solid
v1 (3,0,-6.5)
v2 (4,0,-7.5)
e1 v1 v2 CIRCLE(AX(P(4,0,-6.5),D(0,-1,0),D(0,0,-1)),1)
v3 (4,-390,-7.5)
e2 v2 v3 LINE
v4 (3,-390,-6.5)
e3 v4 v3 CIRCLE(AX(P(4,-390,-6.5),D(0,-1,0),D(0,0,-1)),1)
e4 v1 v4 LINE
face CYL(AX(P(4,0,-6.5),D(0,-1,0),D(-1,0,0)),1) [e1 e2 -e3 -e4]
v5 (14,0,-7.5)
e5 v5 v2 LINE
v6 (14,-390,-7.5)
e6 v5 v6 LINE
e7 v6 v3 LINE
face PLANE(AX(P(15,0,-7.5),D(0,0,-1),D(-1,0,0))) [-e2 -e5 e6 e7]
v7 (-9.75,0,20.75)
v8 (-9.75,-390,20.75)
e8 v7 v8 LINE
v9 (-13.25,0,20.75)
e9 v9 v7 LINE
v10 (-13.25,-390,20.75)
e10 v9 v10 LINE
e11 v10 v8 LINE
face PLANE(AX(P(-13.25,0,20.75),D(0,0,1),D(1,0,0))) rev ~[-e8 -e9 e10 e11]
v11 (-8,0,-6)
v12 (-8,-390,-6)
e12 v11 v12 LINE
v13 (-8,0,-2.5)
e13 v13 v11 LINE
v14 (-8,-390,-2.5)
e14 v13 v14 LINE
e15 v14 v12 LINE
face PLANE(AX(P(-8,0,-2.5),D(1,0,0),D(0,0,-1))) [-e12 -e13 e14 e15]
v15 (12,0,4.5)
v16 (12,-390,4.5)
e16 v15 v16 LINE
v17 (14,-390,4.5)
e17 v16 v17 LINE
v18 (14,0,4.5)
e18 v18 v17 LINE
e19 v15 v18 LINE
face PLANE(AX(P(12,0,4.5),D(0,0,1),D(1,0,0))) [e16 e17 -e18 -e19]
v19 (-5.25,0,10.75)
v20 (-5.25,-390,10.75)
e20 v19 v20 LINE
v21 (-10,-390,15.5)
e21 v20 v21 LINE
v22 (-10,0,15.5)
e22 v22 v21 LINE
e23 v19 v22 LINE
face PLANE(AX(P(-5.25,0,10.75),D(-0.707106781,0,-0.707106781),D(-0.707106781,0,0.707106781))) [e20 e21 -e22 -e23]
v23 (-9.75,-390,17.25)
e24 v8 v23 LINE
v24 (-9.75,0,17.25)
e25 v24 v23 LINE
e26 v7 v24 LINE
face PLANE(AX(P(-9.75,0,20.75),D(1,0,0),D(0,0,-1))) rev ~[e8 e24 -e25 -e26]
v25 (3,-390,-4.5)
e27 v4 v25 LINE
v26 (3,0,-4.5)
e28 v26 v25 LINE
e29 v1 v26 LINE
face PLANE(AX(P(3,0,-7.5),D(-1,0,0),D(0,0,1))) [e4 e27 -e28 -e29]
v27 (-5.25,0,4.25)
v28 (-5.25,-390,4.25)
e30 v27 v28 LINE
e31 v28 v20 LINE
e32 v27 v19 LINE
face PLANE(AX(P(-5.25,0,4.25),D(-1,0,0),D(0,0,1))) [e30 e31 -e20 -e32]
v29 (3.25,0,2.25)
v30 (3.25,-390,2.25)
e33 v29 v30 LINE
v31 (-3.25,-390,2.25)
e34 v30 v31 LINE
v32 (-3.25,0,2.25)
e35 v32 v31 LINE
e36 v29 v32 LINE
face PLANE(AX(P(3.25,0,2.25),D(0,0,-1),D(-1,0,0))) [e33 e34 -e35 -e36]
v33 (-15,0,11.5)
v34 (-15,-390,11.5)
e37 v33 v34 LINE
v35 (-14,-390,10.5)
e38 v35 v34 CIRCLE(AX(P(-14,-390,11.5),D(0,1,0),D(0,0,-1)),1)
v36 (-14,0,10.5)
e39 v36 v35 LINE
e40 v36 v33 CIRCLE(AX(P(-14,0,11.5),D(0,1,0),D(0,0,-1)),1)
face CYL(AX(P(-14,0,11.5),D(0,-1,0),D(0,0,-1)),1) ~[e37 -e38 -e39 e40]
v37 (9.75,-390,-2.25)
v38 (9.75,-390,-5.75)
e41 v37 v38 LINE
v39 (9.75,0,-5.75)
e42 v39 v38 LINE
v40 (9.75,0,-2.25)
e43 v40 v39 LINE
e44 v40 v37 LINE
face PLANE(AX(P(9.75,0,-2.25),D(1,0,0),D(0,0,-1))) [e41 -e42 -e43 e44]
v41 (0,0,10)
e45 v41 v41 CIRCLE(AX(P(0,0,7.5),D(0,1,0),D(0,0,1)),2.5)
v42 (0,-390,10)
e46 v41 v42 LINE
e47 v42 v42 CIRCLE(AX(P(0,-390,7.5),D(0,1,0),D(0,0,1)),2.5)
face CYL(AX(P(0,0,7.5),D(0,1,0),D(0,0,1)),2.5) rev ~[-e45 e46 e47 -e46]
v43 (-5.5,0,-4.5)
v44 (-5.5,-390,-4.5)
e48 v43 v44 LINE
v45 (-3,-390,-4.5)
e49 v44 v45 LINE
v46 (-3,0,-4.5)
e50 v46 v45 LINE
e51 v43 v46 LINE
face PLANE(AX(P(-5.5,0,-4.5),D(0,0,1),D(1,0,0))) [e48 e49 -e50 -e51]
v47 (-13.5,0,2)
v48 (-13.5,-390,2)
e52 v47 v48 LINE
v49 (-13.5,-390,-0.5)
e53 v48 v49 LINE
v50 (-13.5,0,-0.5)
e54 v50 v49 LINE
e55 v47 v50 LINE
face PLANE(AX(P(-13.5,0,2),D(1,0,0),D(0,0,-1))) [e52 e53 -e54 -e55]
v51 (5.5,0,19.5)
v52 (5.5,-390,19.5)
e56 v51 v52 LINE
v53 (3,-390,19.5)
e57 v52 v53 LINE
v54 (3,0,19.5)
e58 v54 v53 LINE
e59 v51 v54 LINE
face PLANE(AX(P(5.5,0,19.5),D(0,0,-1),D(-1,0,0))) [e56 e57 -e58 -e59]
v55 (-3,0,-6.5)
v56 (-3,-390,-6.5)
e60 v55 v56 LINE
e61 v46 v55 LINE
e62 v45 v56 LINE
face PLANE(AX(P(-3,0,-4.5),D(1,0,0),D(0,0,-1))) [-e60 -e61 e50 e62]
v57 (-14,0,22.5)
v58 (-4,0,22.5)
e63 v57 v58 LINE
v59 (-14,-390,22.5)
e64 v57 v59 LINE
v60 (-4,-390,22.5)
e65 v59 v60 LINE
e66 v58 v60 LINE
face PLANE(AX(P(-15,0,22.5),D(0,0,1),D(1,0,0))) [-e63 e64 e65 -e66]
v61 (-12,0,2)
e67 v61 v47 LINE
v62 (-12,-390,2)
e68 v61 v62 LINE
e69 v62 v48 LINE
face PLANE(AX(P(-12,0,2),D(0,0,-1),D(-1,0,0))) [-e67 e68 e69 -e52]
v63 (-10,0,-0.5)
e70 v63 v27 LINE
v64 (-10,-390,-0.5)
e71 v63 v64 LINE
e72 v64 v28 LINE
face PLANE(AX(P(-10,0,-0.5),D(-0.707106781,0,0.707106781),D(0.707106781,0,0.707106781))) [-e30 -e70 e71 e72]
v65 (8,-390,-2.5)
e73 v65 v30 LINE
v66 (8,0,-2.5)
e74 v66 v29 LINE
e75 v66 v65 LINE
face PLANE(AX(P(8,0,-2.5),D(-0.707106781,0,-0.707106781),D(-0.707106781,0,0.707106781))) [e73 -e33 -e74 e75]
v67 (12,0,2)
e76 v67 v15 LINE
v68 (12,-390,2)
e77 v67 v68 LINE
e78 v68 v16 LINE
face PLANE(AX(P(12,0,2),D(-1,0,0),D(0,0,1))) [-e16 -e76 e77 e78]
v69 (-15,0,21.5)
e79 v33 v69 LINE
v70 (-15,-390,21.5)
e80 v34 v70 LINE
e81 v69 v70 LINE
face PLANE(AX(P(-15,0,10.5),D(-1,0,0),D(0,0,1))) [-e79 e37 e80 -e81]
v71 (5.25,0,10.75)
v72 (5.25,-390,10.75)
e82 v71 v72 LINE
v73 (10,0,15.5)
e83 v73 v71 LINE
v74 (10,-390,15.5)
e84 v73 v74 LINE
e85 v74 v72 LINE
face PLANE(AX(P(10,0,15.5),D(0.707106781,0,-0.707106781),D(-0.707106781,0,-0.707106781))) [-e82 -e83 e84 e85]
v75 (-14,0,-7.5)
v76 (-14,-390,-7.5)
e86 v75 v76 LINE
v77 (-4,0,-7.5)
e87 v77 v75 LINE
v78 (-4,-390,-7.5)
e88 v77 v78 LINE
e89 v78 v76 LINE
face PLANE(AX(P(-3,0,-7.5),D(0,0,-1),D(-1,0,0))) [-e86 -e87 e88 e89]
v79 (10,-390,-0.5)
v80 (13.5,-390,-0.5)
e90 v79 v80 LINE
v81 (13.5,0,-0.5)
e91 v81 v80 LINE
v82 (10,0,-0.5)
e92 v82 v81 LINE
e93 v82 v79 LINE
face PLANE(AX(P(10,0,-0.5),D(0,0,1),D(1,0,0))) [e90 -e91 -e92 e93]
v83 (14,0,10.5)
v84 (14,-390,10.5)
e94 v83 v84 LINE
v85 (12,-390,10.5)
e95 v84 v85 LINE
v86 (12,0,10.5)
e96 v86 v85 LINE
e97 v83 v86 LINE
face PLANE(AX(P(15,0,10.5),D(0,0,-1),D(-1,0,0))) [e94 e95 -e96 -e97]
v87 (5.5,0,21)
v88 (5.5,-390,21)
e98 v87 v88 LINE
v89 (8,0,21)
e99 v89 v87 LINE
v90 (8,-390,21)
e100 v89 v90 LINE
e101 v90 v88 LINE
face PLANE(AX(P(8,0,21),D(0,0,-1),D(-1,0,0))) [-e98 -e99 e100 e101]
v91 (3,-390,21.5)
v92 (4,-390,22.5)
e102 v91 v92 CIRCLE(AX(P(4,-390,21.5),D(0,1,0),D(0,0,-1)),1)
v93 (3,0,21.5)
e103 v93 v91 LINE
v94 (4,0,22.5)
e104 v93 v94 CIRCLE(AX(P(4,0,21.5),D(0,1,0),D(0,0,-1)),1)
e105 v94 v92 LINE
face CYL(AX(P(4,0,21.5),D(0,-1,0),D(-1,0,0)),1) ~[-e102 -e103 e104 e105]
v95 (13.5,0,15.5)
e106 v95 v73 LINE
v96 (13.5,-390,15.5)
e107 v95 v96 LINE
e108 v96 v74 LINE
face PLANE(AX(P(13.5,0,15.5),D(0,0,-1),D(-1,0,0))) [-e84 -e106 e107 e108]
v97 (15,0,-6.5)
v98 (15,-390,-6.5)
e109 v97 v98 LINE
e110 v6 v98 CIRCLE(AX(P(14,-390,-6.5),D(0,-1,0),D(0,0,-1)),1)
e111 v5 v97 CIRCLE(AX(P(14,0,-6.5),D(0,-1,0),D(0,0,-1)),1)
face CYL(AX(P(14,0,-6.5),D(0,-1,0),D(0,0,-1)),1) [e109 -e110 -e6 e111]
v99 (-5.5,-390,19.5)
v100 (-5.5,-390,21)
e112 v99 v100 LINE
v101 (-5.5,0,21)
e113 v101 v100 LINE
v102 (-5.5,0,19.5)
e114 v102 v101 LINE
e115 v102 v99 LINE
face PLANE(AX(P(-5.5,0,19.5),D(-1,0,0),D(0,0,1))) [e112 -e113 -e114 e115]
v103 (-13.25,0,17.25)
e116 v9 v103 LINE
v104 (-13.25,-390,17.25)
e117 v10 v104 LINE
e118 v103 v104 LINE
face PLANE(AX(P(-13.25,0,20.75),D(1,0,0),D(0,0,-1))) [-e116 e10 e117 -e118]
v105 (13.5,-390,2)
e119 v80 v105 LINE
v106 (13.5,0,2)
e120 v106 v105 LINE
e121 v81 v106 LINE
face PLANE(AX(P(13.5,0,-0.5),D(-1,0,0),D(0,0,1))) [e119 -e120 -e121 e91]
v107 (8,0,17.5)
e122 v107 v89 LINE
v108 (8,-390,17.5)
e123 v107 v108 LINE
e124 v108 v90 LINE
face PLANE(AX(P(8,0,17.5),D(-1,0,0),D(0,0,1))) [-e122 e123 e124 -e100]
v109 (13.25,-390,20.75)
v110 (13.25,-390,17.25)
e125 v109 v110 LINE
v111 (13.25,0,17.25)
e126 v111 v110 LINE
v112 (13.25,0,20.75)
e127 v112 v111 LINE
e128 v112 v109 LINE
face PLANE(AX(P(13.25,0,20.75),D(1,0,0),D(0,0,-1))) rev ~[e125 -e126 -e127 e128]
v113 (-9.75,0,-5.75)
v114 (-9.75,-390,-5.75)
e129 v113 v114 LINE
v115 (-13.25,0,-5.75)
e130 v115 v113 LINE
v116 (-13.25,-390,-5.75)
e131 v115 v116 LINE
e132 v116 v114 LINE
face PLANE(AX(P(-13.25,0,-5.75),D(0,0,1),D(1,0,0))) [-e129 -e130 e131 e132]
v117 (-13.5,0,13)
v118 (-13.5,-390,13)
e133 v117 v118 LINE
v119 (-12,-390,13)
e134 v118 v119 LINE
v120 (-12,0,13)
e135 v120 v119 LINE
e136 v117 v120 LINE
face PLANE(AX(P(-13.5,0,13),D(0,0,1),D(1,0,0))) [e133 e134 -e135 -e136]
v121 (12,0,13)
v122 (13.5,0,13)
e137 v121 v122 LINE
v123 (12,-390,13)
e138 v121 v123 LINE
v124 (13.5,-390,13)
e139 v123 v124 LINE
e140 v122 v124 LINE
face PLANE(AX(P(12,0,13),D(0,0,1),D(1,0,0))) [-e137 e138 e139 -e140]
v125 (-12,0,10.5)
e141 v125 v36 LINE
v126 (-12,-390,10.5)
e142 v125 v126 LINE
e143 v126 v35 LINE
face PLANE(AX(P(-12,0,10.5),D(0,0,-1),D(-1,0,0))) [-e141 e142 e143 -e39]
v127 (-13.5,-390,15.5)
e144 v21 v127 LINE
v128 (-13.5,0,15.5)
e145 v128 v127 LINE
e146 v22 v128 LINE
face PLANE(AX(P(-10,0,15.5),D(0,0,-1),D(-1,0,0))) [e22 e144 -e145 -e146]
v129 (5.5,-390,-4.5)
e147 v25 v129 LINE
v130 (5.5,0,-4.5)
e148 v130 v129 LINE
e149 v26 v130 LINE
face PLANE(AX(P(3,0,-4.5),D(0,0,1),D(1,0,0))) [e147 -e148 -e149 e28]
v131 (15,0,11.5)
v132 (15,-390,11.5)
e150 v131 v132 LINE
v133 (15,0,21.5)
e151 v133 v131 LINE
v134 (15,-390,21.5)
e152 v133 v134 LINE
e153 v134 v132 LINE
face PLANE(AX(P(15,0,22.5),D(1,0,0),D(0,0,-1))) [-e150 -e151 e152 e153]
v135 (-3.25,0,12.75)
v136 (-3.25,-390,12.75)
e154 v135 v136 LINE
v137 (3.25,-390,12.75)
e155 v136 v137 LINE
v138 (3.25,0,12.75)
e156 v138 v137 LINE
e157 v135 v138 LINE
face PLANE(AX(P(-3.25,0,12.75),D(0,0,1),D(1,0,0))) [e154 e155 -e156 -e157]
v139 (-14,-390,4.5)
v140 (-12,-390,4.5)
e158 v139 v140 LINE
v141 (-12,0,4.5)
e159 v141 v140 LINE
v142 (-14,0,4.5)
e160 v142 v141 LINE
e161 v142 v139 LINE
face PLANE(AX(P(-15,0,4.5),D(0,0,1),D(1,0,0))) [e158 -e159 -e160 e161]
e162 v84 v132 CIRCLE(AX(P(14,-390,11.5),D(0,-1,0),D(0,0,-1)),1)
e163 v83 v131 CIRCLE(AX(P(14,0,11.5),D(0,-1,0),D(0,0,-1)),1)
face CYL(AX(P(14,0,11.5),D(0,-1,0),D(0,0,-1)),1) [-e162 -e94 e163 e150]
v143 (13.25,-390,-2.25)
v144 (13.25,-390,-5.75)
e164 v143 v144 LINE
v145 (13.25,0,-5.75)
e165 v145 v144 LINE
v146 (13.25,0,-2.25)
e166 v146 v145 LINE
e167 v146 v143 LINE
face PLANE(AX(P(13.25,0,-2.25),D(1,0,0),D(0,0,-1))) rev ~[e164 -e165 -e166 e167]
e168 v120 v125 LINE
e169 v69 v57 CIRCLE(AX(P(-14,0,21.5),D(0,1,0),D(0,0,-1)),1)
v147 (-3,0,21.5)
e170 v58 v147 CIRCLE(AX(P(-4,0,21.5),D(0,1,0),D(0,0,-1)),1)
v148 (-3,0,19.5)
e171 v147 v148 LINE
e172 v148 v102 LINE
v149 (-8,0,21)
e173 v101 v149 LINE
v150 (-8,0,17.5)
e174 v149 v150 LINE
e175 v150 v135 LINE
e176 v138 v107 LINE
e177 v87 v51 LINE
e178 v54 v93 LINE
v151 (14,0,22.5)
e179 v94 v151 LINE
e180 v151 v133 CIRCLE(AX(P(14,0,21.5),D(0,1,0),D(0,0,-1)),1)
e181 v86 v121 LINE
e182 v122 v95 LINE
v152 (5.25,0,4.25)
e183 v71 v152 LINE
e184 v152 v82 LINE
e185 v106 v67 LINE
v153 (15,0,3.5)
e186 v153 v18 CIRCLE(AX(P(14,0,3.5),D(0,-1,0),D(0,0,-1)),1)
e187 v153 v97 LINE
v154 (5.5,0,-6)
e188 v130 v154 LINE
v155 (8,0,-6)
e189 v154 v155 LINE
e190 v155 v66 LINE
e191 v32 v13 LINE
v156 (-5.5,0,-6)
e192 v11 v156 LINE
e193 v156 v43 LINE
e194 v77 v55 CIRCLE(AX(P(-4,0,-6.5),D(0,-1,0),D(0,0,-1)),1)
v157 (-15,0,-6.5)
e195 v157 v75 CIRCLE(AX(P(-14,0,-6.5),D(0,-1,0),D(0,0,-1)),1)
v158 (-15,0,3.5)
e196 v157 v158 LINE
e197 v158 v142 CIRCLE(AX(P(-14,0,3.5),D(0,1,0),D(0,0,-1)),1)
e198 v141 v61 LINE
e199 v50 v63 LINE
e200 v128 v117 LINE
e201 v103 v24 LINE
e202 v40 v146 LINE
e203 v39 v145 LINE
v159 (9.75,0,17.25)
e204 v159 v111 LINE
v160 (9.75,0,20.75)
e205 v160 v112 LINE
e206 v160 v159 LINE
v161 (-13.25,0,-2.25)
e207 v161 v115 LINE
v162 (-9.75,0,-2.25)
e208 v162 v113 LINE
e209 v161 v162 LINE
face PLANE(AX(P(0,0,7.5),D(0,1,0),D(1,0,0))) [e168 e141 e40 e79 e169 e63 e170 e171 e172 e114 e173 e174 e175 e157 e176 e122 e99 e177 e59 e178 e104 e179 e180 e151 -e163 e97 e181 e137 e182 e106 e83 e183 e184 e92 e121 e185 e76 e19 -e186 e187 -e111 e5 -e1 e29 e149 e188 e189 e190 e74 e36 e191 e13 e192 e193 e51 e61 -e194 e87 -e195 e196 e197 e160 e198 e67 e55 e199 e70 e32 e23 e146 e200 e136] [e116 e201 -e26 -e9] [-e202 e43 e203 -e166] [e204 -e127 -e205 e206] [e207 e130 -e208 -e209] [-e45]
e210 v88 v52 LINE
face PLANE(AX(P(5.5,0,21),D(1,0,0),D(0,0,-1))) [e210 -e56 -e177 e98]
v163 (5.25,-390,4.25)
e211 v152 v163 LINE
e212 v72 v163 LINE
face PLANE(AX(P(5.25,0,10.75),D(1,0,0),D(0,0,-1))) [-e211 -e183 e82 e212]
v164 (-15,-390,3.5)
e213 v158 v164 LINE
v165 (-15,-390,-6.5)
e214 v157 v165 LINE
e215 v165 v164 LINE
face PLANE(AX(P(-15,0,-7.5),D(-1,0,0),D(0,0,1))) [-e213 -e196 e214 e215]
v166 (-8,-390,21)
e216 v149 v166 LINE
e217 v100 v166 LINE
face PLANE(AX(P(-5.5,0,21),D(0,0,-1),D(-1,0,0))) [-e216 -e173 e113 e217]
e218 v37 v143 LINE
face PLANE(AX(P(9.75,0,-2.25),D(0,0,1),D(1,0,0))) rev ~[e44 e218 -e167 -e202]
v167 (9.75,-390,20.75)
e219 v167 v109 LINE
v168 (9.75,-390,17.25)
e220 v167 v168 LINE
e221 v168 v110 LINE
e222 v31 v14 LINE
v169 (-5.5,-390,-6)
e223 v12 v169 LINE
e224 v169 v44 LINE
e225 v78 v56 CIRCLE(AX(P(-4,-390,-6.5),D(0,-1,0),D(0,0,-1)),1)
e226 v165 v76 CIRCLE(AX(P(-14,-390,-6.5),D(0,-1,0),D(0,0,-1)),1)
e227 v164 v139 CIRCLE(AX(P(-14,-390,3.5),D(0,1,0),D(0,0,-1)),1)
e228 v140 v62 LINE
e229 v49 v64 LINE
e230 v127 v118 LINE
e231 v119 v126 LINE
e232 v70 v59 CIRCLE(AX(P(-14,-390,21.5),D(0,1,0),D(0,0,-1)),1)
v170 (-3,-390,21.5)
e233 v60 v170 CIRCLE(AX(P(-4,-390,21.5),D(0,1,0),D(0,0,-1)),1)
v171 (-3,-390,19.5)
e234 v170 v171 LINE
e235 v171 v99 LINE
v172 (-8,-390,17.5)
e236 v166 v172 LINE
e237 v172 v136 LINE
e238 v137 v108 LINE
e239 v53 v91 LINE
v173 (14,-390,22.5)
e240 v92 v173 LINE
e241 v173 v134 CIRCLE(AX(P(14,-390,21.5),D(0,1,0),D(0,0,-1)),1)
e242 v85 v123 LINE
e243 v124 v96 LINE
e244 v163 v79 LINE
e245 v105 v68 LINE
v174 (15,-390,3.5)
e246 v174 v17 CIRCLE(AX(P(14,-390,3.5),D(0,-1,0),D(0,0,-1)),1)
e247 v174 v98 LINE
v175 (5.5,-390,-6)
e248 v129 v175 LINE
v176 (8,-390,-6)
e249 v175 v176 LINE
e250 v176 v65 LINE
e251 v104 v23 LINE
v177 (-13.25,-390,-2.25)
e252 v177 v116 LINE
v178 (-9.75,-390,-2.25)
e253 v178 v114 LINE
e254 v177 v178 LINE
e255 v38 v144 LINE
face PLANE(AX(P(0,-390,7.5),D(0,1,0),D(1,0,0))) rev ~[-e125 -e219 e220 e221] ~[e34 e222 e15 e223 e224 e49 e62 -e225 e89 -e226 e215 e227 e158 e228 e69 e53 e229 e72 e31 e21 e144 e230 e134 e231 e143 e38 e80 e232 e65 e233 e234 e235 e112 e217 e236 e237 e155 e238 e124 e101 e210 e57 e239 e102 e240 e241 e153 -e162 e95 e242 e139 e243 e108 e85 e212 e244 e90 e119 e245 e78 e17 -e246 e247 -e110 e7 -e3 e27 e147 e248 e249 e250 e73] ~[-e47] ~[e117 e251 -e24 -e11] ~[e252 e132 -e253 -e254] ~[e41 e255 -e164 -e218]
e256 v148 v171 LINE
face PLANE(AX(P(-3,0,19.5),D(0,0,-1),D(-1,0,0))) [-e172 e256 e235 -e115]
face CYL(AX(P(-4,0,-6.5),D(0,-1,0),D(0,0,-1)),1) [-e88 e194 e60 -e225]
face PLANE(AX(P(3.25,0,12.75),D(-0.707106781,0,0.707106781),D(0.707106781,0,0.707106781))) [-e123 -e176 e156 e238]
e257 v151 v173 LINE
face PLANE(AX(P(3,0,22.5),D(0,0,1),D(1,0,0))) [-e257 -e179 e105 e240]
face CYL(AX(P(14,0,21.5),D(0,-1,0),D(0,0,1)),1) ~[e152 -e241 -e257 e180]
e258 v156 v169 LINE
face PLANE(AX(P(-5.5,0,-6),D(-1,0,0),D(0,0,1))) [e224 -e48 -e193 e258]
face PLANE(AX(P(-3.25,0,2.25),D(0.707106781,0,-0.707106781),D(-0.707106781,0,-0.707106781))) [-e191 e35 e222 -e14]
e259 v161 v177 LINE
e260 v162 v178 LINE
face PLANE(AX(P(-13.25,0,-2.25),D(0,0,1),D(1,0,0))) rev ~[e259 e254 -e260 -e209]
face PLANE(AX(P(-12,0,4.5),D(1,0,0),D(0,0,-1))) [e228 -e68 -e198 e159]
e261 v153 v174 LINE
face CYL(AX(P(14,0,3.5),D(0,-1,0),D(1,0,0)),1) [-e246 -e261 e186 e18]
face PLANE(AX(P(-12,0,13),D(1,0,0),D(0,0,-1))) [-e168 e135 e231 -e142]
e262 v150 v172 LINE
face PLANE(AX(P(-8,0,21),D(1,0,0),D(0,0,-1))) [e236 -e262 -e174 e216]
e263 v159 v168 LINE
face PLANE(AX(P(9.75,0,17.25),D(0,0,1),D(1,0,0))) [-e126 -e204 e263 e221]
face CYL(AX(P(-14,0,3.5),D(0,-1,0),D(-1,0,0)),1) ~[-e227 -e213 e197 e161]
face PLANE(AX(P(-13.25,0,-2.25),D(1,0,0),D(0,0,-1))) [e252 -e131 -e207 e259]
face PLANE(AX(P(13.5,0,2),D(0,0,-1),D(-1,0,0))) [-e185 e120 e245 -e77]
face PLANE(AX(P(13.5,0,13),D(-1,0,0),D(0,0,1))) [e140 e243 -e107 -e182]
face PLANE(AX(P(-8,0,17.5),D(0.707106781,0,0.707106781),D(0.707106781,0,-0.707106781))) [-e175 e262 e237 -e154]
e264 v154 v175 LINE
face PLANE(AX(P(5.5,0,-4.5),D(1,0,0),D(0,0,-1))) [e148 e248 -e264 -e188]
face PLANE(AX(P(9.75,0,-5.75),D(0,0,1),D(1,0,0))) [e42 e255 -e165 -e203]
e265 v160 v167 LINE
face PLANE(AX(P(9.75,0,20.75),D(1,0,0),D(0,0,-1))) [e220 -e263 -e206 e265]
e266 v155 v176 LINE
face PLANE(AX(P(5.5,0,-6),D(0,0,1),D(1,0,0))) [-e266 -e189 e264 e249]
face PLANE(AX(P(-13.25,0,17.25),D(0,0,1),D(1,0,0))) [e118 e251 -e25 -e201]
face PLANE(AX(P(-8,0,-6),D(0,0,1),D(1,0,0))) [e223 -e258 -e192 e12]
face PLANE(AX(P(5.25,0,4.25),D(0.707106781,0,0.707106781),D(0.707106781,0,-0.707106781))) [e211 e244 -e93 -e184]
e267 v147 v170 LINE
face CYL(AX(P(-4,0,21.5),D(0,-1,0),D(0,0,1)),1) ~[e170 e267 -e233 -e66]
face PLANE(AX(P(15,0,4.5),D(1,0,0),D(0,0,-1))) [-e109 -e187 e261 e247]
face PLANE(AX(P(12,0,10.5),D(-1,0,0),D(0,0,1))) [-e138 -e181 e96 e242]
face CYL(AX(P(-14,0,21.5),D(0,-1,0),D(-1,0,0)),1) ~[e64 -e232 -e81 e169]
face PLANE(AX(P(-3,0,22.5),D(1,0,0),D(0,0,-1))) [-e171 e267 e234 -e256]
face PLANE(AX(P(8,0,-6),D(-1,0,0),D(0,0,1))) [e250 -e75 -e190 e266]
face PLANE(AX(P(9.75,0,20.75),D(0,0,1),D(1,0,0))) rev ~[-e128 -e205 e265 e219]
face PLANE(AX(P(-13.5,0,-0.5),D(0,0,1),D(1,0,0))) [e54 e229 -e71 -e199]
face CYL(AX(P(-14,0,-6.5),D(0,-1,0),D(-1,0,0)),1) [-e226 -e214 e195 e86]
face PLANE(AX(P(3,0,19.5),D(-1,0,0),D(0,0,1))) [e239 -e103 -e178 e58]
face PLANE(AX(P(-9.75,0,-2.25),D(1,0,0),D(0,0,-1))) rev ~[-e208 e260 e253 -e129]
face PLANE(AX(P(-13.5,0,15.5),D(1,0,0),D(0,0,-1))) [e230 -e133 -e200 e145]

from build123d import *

# Parameters (mm, degrees)
SKETCH1_R           = 2.5
SKETCH1_W           = 3.5
SKETCH1_H           = 3.5
BOSS_EXTRUDE1_DEPTH = 390
FILLET1_R           = 1


with BuildPart() as part:
    # Sketch1 → Boss-Extrude1 (new body)
    with BuildSketch(Plane(origin=(0, 0, 0), x_dir=(1, 0, 0), z_dir=(0, 1, 0))):
        Polygon((-15, 7.5), (-15, -4.5), (-12, -4.5), (-12, -2), (-13.5, -2), (-13.5, 0.5), (-10, 0.5), (-5.25, -4.25), (-5.25, -10.75), (-10, -15.5), (-13.5, -15.5), (-13.5, -13), (-12, -13), (-12, -10.5), (-15, -10.5), (-15, -22.5), (-3, -22.5), (-3, -19.5), (-5.5, -19.5), (-5.5, -21), (-8, -21), (-8, -17.5), (-3.25, -12.75), (3.25, -12.75), (8, -17.5), (8, -21), (5.5, -21), (5.5, -19.5), (3, -19.5), (3, -22.5), (15, -22.5), (15, -10.5), (12, -10.5), (12, -13), (13.5, -13), (13.5, -15.5), (10, -15.5), (5.25, -10.75), (5.25, -4.25), (10, 0.5), (13.5, 0.5), (13.5, -2), (12, -2), (12, -4.5), (15, -4.5), (15, 7.5), (3, 7.5), (3, 4.5), (5.5, 4.5), (5.5, 6), (8, 6), (8, 2.5), (3.25, -2.25), (-3.25, -2.25), (-8, 2.5), (-8, 6), (-5.5, 6), (-5.5, 4.5), (-3, 4.5), (-3, 7.5), align=None)
        with Locations(Location((0, -7.5, 0), (0, 0, 270))):
            Circle(SKETCH1_R, mode=Mode.SUBTRACT)
        with Locations((-11.5, 4)):
            Rectangle(SKETCH1_W, SKETCH1_H, mode=Mode.SUBTRACT)
        with Locations((11.5, 4)):
            Rectangle(SKETCH1_W, SKETCH1_H, mode=Mode.SUBTRACT)
        with Locations((11.5, -19)):
            Rectangle(SKETCH1_W, SKETCH1_H, mode=Mode.SUBTRACT)
        with Locations((-11.5, -19)):
            Rectangle(SKETCH1_W, SKETCH1_H, mode=Mode.SUBTRACT)
    extrude(amount=-BOSS_EXTRUDE1_DEPTH)

    # Fillet1
    fillet1_edges = [part.edges().sort_by_distance(p)[0] for p in [
        (15, -195, 10.5),
        (15, -195, 22.5),
        (3, -195, 22.5),
        (-3, -195, 22.5),
        (-15, -195, 22.5),
        (-15, -195, 10.5),
        (-15, -195, 4.5),
        (-15, -195, -7.5),
        (-3, -195, -7.5),
        (3, -195, -7.5),
        (15, -195, -7.5),
        (15, -195, 4.5),
    ]]
    fillet(fillet1_edges, radius=FILLET1_R)


solid = part.part
